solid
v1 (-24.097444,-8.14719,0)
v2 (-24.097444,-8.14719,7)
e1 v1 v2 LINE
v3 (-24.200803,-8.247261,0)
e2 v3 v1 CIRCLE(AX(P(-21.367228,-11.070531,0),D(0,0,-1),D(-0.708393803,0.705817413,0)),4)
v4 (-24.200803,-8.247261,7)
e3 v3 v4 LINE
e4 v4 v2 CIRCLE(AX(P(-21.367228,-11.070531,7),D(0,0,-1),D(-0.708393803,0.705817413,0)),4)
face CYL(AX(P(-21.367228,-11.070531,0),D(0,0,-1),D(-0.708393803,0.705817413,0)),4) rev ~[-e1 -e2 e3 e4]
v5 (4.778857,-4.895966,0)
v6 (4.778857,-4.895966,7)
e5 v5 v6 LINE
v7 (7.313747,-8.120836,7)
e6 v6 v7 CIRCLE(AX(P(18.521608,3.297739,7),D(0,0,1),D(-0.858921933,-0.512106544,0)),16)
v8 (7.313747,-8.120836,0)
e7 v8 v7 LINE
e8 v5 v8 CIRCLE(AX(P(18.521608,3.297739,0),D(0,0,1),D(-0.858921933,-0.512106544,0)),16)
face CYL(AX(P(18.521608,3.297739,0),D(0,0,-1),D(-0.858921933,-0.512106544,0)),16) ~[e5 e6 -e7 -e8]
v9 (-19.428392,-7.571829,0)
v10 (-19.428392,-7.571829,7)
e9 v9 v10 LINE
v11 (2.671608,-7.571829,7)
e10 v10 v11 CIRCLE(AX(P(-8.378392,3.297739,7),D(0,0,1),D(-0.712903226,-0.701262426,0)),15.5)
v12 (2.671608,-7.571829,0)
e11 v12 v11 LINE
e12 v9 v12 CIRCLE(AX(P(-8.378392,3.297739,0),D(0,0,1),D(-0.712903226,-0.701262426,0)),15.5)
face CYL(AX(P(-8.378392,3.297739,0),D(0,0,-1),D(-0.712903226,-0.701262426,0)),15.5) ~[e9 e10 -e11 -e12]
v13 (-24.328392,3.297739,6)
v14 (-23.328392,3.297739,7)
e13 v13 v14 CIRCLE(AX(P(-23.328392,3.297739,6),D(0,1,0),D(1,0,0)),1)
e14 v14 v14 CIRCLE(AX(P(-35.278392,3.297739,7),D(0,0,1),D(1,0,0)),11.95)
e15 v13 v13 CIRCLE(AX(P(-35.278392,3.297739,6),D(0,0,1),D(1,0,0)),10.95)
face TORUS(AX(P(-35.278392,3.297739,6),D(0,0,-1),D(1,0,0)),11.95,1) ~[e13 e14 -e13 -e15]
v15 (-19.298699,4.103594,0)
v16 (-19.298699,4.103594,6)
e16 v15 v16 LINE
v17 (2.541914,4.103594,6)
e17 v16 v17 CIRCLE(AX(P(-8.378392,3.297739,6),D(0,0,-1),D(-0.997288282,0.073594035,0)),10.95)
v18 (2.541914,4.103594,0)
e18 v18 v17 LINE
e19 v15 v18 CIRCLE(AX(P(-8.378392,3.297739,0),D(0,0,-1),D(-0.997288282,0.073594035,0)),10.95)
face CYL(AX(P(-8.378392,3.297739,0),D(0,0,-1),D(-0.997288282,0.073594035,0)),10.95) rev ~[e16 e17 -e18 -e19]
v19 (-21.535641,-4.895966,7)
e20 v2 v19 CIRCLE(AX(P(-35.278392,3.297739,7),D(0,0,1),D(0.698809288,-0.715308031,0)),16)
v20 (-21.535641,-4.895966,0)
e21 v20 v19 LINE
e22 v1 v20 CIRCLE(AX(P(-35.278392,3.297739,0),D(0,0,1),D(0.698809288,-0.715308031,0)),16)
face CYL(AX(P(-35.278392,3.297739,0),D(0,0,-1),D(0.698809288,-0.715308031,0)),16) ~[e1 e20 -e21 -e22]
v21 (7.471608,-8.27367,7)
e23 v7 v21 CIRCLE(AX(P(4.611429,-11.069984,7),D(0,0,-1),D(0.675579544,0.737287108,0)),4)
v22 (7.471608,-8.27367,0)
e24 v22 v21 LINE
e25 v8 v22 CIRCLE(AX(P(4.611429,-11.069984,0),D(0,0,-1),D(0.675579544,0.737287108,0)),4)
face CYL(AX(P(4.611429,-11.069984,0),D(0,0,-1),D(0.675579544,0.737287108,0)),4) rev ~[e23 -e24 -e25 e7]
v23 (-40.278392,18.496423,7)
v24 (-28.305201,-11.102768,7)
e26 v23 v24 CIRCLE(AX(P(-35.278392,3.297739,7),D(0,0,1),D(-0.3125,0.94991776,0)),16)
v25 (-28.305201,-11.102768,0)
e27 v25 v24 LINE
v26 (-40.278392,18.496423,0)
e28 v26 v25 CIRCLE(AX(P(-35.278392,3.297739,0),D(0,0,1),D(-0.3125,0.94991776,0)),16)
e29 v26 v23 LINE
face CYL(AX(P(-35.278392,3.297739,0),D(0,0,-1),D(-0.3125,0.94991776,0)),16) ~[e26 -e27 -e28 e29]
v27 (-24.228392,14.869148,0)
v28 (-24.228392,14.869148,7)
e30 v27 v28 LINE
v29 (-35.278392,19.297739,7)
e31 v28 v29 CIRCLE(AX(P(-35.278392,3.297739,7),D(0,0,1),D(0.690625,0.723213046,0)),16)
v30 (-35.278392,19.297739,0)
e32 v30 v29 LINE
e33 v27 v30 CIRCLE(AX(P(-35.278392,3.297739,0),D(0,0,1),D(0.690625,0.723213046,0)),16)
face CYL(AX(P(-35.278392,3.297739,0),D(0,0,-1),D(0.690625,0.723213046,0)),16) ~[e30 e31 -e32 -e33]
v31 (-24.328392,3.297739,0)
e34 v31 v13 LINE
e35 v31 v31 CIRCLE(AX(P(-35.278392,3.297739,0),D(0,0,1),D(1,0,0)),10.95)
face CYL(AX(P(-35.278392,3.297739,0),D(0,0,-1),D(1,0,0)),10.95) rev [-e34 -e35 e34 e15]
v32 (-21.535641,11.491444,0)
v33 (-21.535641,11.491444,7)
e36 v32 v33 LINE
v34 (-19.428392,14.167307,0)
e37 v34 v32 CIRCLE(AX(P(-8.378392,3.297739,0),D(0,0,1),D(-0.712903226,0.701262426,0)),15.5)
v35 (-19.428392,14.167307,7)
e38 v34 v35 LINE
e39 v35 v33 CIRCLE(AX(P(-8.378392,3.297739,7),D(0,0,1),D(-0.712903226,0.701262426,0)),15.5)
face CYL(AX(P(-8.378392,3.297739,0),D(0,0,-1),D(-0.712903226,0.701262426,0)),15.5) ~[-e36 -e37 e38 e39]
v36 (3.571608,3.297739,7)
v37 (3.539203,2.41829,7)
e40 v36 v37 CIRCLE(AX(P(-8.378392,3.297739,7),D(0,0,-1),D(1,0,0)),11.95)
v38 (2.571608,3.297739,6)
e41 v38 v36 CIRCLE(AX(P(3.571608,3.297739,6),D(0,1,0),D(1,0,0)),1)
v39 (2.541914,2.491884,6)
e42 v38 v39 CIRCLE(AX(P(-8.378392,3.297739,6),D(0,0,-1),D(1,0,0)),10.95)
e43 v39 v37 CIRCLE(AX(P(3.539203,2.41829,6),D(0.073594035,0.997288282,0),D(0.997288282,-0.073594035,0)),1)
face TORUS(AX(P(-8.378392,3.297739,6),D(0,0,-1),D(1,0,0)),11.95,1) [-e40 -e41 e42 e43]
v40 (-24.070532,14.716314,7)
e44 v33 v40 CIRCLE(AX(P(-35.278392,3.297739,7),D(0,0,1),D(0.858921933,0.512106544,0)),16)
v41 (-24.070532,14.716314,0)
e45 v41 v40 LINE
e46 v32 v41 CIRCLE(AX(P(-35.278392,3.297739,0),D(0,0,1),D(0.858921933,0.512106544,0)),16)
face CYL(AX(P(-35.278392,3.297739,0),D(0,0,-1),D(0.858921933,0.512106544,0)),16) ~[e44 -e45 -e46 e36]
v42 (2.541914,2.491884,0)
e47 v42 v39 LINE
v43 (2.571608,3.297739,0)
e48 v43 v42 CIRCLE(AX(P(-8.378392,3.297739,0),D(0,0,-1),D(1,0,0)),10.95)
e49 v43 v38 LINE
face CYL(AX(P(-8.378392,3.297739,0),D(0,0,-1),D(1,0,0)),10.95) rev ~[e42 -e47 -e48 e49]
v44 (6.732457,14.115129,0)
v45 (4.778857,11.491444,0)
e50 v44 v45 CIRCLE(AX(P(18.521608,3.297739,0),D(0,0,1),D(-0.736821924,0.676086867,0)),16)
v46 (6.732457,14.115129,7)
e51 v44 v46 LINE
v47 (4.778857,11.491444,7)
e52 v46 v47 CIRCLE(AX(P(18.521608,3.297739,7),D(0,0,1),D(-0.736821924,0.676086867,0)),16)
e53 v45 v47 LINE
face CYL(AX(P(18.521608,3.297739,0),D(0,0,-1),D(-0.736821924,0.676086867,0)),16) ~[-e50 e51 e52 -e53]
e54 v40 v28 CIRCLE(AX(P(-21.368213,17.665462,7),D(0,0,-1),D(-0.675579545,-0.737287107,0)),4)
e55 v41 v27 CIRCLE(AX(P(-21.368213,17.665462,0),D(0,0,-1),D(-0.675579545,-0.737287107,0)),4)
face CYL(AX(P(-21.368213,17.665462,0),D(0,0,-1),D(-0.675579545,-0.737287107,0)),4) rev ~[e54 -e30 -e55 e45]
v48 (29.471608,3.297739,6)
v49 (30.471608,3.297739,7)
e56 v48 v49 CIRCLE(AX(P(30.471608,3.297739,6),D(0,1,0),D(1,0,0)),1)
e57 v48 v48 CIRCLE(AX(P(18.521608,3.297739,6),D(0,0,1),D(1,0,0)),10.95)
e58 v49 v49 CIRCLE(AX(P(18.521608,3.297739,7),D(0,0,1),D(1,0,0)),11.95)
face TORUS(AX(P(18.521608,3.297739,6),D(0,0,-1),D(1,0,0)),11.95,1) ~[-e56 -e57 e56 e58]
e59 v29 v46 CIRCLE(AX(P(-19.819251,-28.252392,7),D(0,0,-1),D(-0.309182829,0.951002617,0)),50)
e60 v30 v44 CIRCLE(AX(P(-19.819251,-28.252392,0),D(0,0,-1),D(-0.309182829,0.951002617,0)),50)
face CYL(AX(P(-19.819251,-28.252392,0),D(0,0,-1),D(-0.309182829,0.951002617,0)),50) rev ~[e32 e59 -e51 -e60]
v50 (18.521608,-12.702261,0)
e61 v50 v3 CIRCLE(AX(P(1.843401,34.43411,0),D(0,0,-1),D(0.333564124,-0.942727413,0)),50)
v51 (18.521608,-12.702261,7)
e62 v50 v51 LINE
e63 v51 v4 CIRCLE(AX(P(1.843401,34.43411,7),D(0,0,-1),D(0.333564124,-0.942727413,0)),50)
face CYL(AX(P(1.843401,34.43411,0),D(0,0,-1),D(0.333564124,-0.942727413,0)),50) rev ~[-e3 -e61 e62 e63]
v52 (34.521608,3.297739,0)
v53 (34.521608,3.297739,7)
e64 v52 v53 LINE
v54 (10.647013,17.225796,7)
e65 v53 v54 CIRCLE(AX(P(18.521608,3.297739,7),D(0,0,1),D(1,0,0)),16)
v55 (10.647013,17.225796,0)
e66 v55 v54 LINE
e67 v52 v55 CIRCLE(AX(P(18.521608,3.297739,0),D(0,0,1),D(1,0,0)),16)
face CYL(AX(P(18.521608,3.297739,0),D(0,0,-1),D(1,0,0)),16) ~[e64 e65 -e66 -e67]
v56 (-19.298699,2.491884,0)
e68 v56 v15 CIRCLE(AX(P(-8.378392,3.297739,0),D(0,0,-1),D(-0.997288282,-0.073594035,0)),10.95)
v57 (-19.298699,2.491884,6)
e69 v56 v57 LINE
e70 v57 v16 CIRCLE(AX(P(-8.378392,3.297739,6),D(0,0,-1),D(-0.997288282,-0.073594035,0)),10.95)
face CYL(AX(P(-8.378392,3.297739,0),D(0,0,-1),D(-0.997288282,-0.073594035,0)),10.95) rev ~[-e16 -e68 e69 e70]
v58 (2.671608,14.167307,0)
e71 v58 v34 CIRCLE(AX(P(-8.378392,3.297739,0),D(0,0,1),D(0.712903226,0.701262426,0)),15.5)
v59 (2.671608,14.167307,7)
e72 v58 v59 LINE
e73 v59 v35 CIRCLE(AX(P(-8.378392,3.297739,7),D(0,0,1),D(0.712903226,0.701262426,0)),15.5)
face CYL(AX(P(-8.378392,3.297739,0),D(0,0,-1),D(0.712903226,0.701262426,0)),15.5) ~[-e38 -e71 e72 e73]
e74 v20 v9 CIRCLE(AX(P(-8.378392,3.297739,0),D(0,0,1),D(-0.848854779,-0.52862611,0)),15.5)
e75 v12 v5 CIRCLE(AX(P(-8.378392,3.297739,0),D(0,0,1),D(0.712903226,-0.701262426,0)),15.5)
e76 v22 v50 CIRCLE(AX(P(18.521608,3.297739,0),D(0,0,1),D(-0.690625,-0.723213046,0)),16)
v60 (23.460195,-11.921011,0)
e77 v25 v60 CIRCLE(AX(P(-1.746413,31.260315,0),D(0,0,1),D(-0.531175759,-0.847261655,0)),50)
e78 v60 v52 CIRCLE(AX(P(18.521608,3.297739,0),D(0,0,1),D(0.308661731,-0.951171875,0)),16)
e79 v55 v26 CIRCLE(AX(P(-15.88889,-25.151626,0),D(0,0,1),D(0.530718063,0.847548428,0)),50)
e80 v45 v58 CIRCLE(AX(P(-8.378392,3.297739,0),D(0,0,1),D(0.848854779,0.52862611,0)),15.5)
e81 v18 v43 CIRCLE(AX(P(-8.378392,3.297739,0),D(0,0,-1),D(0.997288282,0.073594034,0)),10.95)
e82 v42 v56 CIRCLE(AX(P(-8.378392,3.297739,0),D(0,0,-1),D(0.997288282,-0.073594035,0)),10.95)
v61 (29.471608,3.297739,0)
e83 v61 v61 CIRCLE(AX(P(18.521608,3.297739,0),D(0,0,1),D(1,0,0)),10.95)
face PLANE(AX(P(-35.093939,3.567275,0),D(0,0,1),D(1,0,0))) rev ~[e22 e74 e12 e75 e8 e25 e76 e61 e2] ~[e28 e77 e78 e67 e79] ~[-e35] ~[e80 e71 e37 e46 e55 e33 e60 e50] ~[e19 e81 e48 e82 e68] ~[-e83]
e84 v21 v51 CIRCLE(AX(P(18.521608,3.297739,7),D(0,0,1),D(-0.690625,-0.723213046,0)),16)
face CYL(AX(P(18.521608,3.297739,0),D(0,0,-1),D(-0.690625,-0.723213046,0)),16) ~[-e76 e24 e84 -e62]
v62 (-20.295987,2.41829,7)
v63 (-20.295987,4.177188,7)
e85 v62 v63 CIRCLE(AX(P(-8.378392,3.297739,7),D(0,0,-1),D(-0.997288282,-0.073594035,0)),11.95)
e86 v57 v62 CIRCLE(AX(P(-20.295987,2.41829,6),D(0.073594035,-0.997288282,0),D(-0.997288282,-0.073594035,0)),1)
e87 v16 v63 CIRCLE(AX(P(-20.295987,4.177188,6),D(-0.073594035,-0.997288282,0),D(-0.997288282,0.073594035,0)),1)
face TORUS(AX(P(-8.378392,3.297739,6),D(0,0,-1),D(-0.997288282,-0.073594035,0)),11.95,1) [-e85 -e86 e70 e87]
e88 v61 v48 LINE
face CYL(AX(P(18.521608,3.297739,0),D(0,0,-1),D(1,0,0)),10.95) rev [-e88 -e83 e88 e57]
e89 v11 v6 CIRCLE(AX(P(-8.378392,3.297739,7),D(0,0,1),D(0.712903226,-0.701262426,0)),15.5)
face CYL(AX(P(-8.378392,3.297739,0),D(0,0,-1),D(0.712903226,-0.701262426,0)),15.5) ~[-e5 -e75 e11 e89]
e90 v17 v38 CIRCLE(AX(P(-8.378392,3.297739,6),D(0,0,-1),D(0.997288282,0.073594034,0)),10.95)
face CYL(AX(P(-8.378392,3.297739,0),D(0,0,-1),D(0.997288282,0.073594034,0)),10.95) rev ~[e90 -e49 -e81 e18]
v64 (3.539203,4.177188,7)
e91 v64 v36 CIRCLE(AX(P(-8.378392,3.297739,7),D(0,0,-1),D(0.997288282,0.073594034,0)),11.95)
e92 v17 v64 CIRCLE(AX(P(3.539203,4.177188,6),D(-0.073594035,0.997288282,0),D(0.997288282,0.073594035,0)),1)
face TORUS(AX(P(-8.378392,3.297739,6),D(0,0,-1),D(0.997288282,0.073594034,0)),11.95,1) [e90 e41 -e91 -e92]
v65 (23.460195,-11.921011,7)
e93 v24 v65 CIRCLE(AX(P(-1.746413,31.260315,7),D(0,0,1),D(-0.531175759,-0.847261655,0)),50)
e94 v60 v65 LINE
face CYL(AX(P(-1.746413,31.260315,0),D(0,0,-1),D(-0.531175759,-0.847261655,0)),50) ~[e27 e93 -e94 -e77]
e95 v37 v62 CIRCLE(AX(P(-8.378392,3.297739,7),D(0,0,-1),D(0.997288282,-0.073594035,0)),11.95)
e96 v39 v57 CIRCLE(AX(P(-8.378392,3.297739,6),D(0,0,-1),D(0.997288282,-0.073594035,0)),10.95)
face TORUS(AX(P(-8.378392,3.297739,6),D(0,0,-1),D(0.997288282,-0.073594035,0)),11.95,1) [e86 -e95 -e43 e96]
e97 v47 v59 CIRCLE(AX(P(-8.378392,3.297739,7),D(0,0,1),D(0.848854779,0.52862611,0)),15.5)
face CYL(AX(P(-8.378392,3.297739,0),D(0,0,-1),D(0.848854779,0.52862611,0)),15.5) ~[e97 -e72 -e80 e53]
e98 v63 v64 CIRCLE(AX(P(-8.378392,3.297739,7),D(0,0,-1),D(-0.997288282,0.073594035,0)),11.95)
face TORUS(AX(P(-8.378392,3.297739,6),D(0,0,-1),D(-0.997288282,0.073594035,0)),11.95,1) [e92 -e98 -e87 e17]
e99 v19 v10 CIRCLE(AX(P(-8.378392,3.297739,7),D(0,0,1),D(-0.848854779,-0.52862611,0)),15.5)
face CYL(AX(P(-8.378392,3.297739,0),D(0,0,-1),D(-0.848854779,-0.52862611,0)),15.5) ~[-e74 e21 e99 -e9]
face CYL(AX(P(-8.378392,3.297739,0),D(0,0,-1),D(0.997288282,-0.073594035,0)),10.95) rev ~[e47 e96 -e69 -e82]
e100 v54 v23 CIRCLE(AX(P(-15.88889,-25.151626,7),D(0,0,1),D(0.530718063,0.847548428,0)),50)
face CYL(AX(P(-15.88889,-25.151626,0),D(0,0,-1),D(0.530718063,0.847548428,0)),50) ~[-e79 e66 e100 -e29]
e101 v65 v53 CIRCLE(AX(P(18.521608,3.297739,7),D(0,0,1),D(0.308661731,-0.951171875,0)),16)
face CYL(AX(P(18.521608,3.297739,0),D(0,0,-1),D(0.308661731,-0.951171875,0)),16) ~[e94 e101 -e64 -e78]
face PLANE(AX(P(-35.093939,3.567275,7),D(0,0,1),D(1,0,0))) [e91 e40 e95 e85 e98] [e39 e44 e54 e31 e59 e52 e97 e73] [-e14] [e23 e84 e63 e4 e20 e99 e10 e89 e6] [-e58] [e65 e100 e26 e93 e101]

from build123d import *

# Parameters (mm, degrees)
F0_R     = 10.95
F1_DEPTH = 7
F2_R     = 1


with BuildPart() as f1:
    # F0 (on Top) → F1 (new body)
    with BuildSketch(Plane.XY):
        with BuildLine():
            ThreePointArc((-21.5356414958, -4.8959657474), (-23.8783924252, 3.2977389637), (-21.5356414958, 11.4914436749))
            ThreePointArc((-21.5356414958, 11.4914436749), (-22.6993144087, 13.1854483171), (-24.0705316121, 14.7163140059))
            ThreePointArc((-24.0705316121, 14.7163140059), (-24.150511625, 14.7916467191), (-24.2283924252, 14.8691476939))
            ThreePointArc((-24.2283924252, 14.8691476939), (-29.3261886183, 18.1493809552), (-35.2783924252, 19.2977389637))
            ThreePointArc((-35.2783924252, 19.2977389637), (-37.8102942344, 19.0961399344), (-40.2783924252, 18.4964231173))
            ThreePointArc((-40.2783924252, 18.4964231173), (-50.1108366069, -2.7021443349), (-28.305201053, -11.1027680443))
            ThreePointArc((-28.305201053, -11.1027680443), (-26.1407697818, -9.8363332314), (-24.200803492, -8.2472609682))
            ThreePointArc((-24.200803492, -8.2472609682), (-24.1495735944, -8.1967605248), (-24.0974438172, -8.14718953))
            ThreePointArc((-24.0974438172, -8.14718953), (-22.7109617539, -6.6047701285), (-21.5356414958, -4.8959657474))
        make_face()
        with Locations((-35.2783924252, 3.2977389637)):
            Circle(F0_R, mode=Mode.SUBTRACT)
        with BuildLine():
            ThreePointArc((-35.2783924252, 19.2977389637), (-13.6974768248, 21.3714318141), (6.7324567843, 14.1151288356))
            ThreePointArc((6.7324567843, 14.1151288356), (8.5674737327, 15.8243194809), (10.647013196, 17.2257956612))
            ThreePointArc((10.647013196, 17.2257956612), (-14.6417402019, 24.8328180176), (-40.2783924252, 18.4964231173))
            ThreePointArc((-40.2783924252, 18.4964231173), (-37.8102942344, 19.0961399344), (-35.2783924252, 19.2977389637))
        make_face()
        with BuildLine():
            ThreePointArc((-19.2986991166, 4.1035936434), (-8.3783924252, 14.2477389637), (2.5419142663, 4.1035936434))
            ThreePointArc((2.5419142663, 4.1035936434), (3.2081819329, 7.93443985), (4.7788566455, 11.4914436749))
            ThreePointArc((4.7788566455, 11.4914436749), (3.7989548826, 12.8874320009), (2.6716075748, 14.1673065724))
            ThreePointArc((2.6716075748, 14.1673065724), (-8.3783924252, 18.7977389637), (-19.4283924252, 14.1673065724))
            ThreePointArc((-19.4283924252, 14.1673065724), (-20.5557397329, 12.8874320009), (-21.5356414958, 11.4914436749))
            ThreePointArc((-21.5356414958, 11.4914436749), (-19.9649667832, 7.93443985), (-19.2986991166, 4.1035936434))
        make_face()
        with BuildLine():
            ThreePointArc((-19.2986991166, 2.4918842841), (-19.3283924252, 3.2977389637), (-19.2986991166, 4.1035936434))
            ThreePointArc((-19.2986991166, 4.1035936434), (-19.9649667832, 7.93443985), (-21.5356414958, 11.4914436749))
            ThreePointArc((-21.5356414958, 11.4914436749), (-23.8783924252, 3.2977389637), (-21.5356414958, -4.8959657474))
            ThreePointArc((-21.5356414958, -4.8959657474), (-19.9649667832, -1.3389619226), (-19.2986991166, 2.4918842841))
        make_face()
        with BuildLine():
            ThreePointArc((4.7788566455, -4.8959657474), (3.2081819329, -1.3389619226), (2.5419142663, 2.4918842841))
            ThreePointArc((2.5419142663, 2.4918842841), (-8.3783924252, -7.6522610363), (-19.2986991166, 2.4918842841))
            ThreePointArc((-19.2986991166, 2.4918842841), (-19.9649667832, -1.3389619226), (-21.5356414958, -4.8959657474))
            ThreePointArc((-21.5356414958, -4.8959657474), (-20.5557397329, -6.2919540734), (-19.4283924252, -7.571828645))
            ThreePointArc((-19.4283924252, -7.571828645), (-8.3783924252, -12.2022610363), (2.6716075748, -7.571828645))
            ThreePointArc((2.6716075748, -7.571828645), (3.7989548826, -6.2919540734), (4.7788566455, -4.8959657474))
        make_face()
        with BuildLine():
            ThreePointArc((2.5419142663, 4.1035936434), (2.5641817297, 3.7009397379), (2.5716075748, 3.2977389637))
            ThreePointArc((2.5716075748, 3.2977389637), (2.5641817297, 2.8945381895), (2.5419142663, 2.4918842841))
            ThreePointArc((2.5419142663, 2.4918842841), (3.2081819329, -1.3389619226), (4.7788566455, -4.8959657474))
            ThreePointArc((4.7788566455, -4.8959657474), (6.5244153739, -0.9632843526), (7.1216075748, 3.2977389637))
            ThreePointArc((7.1216075748, 3.2977389637), (6.5244153739, 7.5587622801), (4.7788566455, 11.4914436749))
            ThreePointArc((4.7788566455, 11.4914436749), (3.2081819329, 7.93443985), (2.5419142663, 4.1035936434))
        make_face()
        with BuildLine():
            ThreePointArc((6.7324567843, 14.1151288356), (5.6884305592, 12.8533429575), (4.7788566455, 11.4914436749))
            ThreePointArc((4.7788566455, 11.4914436749), (6.5244153739, 7.5587622801), (7.1216075748, 3.2977389637))
            ThreePointArc((7.1216075748, 3.2977389637), (6.5244153739, -0.9632843526), (4.7788566455, -4.8959657474))
            ThreePointArc((4.7788566455, -4.8959657474), (5.9425295584, -6.5899703896), (7.3137467617, -8.1208360785))
            ThreePointArc((7.3137467617, -8.1208360785), (7.3937267746, -8.1961687916), (7.4716075748, -8.2736697664))
            ThreePointArc((7.4716075748, -8.2736697664), (12.5694037679, -11.5539030277), (18.5216075748, -12.7022610363))
            ThreePointArc((18.5216075748, -12.7022610363), (21.0216075748, -12.5057416655), (23.4601952715, -11.9210110363))
            ThreePointArc((23.4601952715, -11.9210110363), (31.4641228471, -6.1092424026), (34.5216075748, 3.2977389637))
            ThreePointArc((34.5216075748, 3.2977389637), (26.584066565, 17.1178965255), (10.647013196, 17.2257956612))
            ThreePointArc((10.647013196, 17.2257956612), (8.5674737327, 15.8243194809), (6.7324567843, 14.1151288356))
        make_face()
        with Locations((18.5216075748, 3.2977389637)):
            Circle(F0_R, mode=Mode.SUBTRACT)
        with BuildLine():
            ThreePointArc((18.5216075748, -12.7022610363), (-3.3423713912, -15.2962408971), (-24.200803492, -8.2472609682))
            ThreePointArc((-24.200803492, -8.2472609682), (-26.1407697818, -9.8363332314), (-28.305201053, -11.1027680443))
            ThreePointArc((-28.305201053, -11.1027680443), (-2.5366521789, -18.7334401031), (23.4601952715, -11.9210110363))
            ThreePointArc((23.4601952715, -11.9210110363), (21.0216075748, -12.5057416655), (18.5216075748, -12.7022610363))
        make_face()
    extrude(amount=F1_DEPTH)

    # F2
    f2_edges = [f1.edges().sort_by_distance(p)[0] for p in [
        (7.571608, 3.297739, 7),
        (-19.298699, 2.491884, 7),
        (-46.228392, 3.297739, 7),
    ]]
    fillet(f2_edges, radius=F2_R)


solid = f1.part
